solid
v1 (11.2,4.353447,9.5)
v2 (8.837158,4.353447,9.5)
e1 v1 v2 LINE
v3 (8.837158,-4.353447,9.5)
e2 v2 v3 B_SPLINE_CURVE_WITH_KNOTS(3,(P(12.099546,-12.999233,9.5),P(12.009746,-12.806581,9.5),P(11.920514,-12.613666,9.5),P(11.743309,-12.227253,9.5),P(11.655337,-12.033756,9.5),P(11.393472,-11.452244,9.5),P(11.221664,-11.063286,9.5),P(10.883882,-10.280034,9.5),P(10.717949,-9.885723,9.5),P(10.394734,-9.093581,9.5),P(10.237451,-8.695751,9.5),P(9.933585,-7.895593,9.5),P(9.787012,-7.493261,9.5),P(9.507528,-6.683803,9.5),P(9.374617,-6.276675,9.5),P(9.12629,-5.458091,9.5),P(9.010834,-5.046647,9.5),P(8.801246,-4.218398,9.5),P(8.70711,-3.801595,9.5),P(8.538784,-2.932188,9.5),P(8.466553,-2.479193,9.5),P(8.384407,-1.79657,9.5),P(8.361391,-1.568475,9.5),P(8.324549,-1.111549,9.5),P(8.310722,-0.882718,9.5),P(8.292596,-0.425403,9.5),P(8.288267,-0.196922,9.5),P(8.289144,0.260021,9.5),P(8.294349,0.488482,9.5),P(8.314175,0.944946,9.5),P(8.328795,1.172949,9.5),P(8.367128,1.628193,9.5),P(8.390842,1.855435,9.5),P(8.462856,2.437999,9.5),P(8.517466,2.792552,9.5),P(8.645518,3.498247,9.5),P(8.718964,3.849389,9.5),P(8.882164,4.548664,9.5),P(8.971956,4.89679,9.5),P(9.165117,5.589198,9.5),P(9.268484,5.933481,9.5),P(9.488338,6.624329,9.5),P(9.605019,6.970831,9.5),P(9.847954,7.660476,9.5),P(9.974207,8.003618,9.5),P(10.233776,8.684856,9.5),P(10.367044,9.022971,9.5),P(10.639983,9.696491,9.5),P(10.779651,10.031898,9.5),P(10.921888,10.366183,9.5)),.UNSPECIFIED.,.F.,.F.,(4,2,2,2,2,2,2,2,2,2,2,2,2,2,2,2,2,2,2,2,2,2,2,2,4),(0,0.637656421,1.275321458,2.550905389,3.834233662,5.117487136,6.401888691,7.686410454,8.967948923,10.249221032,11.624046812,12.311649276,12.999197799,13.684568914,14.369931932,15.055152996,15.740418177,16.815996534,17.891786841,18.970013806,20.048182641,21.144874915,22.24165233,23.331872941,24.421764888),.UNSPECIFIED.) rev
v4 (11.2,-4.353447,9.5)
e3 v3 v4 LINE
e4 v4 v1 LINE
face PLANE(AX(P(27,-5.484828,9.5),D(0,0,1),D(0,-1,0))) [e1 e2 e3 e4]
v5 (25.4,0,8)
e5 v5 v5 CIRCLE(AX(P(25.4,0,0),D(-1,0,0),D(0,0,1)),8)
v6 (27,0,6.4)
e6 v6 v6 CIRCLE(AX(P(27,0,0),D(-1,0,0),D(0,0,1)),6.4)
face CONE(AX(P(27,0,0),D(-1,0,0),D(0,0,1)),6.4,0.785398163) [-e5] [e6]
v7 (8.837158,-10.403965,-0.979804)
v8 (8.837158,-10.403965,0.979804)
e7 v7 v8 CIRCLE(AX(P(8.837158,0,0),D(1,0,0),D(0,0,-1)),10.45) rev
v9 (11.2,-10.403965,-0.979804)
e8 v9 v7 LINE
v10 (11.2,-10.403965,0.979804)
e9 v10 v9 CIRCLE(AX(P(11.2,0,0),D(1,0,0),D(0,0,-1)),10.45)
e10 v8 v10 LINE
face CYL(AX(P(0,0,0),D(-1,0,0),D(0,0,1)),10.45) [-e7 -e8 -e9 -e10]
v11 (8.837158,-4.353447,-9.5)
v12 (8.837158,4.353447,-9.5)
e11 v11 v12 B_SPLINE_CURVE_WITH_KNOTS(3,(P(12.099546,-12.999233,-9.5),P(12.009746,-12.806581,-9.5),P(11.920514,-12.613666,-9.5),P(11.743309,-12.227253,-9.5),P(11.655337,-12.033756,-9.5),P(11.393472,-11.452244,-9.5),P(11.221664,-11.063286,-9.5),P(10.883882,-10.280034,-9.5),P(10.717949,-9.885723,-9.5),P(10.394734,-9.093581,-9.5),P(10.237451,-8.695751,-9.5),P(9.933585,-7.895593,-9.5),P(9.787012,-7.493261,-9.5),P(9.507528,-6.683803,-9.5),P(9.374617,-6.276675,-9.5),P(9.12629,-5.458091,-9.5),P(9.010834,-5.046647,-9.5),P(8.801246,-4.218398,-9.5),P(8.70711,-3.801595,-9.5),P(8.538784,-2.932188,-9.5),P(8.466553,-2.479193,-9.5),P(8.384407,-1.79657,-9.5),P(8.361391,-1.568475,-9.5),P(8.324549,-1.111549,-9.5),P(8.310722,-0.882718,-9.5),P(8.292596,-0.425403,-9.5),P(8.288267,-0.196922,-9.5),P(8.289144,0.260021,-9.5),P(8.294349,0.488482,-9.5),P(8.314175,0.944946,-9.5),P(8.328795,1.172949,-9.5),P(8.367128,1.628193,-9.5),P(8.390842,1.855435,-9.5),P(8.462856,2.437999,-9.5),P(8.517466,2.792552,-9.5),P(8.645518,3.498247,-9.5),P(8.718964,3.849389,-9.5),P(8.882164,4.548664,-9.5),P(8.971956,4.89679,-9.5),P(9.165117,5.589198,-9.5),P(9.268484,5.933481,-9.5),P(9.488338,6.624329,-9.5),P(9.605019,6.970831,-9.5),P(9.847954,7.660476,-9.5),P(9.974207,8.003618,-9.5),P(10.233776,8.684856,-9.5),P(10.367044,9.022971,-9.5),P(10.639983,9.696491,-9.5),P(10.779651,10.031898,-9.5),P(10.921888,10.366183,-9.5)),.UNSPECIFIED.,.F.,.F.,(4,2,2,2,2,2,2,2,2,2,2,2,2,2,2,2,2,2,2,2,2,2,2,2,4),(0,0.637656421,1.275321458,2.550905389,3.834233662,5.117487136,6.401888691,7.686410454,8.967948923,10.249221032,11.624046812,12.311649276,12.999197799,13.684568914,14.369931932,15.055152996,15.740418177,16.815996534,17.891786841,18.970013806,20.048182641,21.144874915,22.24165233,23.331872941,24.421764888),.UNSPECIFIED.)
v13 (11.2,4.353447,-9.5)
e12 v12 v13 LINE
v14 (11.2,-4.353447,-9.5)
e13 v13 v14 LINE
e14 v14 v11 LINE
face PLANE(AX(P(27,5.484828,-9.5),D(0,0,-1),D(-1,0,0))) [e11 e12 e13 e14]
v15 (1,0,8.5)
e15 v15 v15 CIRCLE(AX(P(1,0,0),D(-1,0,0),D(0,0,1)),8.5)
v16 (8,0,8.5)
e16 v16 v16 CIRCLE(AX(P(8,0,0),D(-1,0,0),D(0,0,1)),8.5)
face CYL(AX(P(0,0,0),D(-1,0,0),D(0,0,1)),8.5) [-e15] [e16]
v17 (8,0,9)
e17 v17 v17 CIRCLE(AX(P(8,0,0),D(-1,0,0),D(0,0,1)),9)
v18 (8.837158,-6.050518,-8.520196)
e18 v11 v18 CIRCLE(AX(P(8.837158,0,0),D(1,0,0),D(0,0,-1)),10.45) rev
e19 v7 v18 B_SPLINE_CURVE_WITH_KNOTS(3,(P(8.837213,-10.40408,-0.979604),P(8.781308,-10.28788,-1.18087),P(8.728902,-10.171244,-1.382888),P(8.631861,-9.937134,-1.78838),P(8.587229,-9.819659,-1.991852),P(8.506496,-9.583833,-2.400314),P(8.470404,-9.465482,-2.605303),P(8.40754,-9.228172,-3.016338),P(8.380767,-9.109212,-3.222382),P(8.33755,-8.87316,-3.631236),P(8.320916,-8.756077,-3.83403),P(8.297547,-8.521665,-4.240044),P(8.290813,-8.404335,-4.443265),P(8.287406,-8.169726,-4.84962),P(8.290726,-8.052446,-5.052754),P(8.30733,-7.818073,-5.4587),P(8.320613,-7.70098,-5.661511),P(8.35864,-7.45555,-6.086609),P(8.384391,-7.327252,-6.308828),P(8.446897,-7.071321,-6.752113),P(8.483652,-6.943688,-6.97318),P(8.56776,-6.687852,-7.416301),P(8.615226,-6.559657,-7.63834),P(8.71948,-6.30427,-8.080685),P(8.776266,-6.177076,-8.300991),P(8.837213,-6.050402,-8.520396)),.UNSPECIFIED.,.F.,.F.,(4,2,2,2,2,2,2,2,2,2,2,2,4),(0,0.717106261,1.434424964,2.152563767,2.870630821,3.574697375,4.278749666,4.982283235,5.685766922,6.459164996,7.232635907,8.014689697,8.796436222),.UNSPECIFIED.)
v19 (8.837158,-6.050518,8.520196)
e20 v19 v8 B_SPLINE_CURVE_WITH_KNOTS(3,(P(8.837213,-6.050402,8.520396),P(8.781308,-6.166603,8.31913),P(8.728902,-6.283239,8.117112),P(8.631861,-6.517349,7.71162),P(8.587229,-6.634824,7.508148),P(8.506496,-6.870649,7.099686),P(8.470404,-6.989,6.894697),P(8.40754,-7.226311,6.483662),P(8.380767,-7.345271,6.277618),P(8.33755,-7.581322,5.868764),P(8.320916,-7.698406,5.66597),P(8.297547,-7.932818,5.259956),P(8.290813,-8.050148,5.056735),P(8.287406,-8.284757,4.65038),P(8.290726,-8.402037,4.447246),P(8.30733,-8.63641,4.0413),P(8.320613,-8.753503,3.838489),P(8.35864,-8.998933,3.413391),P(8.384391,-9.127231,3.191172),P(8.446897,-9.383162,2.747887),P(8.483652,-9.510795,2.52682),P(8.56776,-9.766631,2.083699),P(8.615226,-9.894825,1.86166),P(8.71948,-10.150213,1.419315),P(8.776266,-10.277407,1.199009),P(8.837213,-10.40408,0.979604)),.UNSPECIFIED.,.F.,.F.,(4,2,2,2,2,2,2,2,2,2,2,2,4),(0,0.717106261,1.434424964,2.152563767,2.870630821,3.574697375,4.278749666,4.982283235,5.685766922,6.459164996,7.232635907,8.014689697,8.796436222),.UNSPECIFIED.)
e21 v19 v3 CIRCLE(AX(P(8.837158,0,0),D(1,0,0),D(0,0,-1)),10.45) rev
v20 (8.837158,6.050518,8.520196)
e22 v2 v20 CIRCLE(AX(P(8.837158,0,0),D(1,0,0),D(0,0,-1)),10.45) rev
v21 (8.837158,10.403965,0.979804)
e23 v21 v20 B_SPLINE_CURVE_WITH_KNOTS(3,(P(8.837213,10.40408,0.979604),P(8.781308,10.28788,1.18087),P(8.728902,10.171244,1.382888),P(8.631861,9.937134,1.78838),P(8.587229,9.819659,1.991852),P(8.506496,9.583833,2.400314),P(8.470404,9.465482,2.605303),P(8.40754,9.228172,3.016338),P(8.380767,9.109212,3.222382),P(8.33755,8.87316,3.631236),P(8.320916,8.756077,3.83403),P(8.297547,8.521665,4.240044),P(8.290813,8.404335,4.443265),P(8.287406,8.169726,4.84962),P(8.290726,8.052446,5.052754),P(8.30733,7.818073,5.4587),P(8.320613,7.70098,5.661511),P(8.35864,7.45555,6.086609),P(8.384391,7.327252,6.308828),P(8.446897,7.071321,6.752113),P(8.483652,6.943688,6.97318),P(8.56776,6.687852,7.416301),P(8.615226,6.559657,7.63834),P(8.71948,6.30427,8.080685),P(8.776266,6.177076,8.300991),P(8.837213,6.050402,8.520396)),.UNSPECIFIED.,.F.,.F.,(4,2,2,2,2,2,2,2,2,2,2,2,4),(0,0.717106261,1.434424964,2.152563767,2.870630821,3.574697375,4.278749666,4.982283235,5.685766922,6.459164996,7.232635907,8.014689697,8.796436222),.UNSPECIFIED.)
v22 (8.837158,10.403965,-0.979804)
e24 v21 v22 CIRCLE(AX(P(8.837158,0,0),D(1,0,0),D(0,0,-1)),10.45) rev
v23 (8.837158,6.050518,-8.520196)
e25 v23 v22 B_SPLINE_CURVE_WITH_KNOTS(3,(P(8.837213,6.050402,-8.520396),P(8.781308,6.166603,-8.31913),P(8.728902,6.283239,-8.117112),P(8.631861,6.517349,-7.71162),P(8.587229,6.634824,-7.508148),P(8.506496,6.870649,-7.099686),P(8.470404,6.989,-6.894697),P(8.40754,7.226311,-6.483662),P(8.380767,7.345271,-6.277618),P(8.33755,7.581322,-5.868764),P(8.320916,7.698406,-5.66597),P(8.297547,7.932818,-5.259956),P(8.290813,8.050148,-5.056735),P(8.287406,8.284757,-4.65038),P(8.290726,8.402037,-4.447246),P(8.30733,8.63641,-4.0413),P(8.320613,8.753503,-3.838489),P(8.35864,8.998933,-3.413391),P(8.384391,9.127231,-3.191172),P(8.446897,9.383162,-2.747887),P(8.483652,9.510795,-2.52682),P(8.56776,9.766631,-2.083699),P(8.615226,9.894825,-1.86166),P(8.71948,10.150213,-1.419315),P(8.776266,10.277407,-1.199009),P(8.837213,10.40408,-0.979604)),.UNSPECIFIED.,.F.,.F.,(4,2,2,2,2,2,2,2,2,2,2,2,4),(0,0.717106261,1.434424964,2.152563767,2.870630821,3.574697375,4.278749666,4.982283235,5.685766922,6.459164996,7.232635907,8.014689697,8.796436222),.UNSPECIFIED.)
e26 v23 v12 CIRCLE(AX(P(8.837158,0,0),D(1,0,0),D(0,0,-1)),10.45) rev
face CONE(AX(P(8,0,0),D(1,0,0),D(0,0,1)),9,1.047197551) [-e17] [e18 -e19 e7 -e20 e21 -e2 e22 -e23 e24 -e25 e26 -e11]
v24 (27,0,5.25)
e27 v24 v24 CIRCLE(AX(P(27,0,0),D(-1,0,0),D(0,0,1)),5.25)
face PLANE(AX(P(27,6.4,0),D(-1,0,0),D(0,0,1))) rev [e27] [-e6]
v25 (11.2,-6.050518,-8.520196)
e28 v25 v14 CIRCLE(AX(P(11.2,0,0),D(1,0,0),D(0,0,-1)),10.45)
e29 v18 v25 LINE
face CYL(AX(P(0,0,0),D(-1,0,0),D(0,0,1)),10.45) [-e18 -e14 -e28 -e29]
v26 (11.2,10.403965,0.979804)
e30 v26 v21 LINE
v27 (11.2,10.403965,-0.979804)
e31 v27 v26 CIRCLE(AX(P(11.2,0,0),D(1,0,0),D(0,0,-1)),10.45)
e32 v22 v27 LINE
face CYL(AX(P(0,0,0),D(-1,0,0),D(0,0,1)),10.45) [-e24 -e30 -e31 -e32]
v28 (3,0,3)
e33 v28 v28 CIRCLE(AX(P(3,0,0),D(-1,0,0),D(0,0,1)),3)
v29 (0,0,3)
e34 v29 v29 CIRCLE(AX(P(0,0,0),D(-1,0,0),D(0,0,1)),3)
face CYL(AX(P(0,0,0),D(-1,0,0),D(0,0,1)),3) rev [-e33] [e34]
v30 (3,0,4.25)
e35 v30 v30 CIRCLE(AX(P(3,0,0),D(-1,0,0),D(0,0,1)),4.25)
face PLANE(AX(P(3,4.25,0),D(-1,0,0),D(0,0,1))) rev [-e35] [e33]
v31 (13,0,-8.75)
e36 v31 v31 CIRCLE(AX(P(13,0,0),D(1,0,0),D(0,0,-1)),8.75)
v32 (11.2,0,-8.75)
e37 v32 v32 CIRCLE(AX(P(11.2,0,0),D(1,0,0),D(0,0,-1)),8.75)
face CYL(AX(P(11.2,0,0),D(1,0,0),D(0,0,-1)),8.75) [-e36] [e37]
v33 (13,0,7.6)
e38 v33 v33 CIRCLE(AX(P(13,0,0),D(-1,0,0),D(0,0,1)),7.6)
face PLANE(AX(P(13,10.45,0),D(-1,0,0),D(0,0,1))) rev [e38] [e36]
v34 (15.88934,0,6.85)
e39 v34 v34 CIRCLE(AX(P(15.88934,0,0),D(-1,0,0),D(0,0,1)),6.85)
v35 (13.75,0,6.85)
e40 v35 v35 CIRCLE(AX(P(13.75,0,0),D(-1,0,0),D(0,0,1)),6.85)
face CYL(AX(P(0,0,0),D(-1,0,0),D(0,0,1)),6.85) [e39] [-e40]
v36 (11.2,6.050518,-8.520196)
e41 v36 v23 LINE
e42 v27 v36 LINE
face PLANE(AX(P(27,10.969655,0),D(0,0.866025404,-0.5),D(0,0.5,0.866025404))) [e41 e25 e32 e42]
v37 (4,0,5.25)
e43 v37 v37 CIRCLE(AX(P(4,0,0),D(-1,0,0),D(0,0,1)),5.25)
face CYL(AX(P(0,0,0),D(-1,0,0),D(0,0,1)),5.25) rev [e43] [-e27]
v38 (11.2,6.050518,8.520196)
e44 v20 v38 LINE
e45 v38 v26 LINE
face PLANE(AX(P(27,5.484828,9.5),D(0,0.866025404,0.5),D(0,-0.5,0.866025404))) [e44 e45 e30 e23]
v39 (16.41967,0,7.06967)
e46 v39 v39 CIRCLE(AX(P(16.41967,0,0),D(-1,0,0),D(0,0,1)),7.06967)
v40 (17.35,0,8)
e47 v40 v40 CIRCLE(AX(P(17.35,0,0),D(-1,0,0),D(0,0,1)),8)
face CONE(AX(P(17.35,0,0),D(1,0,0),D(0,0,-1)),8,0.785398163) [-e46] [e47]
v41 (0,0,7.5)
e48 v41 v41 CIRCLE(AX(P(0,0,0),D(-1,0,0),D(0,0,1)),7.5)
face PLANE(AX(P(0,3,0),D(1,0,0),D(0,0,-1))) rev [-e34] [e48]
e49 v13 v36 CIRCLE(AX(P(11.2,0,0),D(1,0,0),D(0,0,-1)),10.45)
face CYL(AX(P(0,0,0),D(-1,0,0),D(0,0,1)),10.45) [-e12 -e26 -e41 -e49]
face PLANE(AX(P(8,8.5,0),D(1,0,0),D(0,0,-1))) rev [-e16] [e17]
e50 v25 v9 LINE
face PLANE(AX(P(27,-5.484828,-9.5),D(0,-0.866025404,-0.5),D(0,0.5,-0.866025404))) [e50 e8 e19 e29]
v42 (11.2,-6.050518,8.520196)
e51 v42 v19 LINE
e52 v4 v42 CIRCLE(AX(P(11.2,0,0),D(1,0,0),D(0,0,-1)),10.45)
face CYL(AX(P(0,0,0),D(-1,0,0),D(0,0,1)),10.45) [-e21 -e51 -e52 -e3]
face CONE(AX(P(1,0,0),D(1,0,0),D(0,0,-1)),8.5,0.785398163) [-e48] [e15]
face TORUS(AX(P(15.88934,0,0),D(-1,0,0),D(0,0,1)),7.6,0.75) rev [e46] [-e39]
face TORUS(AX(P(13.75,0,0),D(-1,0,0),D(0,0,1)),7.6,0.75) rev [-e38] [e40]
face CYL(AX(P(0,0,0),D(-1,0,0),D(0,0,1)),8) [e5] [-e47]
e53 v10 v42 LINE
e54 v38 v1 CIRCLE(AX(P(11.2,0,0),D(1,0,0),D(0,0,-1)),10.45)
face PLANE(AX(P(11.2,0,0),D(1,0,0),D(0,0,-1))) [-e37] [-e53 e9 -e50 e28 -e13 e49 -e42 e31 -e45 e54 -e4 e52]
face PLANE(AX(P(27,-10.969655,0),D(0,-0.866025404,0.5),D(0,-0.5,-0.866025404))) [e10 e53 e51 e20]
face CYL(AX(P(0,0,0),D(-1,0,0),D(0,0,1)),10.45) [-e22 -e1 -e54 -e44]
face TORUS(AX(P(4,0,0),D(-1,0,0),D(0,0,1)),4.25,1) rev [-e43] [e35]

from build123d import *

# Parameters (mm, degrees)
SKETCH_2_OUTSIDE_W  = 30.906
SKETCH_2_OUTSIDE_H  = 30.906
CUT_EXTRUDE_1_DEPTH = 25.070832973
SKETCH_3_OUTSIDE_W  = 114.288
SKETCH_3_OUTSIDE_H  = 116.188
SKETCH_3_OUTSIDE_R  = 9
CUT_EXTRUDE_2_DEPTH = 24.673878009
CUT_EXTRUDE_2_DRAFT = -60
SKETCH_4_OUTSIDE_W  = 28.814
SKETCH_4_OUTSIDE_H  = 30.714
SKETCH_4_OUTSIDE_R  = 8.75
CUT_EXTRUDE_3_DEPTH = 1.8


with BuildPart() as part:
    # Эскиз1 → Повернуть1 (revolve)
    with BuildSketch(Plane.XY, mode=Mode.PRIVATE) as revolve_1_sk:
        with BuildLine():
            Line((0, 3), (0, 7.5))
            Line((0, 7.5), (1, 8.5))
            Line((1, 8.5), (8, 8.5))
            Line((8, 8.5), (8, 10.45))
            Line((8, 10.45), (13, 10.45))
            Line((13, 10.45), (13, 7.6))
            ThreePointArc((13, 7.6), (13.219669914, 7.069669914), (13.75, 6.85))
            Line((13.75, 6.85), (15.889339828, 6.85))
            ThreePointArc((15.889339828, 6.85), (16.176352402, 6.907090351), (16.419669914, 7.069669914))
            Line((16.419669914, 7.069669914), (17.35, 8))
            Line((17.35, 8), (25.4, 8))
            Line((25.4, 8), (27, 6.4))
            Line((27, 6.4), (27, 5.25))
            Line((27, 5.25), (4, 5.25))
            ThreePointArc((4, 5.25), (3.292893219, 4.957106781), (3, 4.25))
            Line((3, 4.25), (3, 3))
            Line((3, 3), (0, 3))
        make_face()
    revolve(revolve_1_sk.sketch.rotate(Axis((0, 0, 0), (1, 0, 0)), 90), axis=Axis((0, 0, 0), (1, 0, 0)))

    # Эскиз2 outside → Вырез-Вытянуть1 (cut, through all)
    with BuildSketch(Plane.ZY.offset(-8)):
        Rectangle(SKETCH_2_OUTSIDE_W, SKETCH_2_OUTSIDE_H)
        Polygon((0, 10.969655115), (-9.5, 5.484827557), (-9.5, -5.484827557), (0, -10.969655115), (9.5, -5.484827557), (9.5, 5.484827557), align=None, mode=Mode.SUBTRACT)
    extrude(amount=-CUT_EXTRUDE_1_DEPTH, mode=Mode.SUBTRACT)


with BuildPart() as cut_extrude_2_tool:
    # Эскиз3 outside → Вырез-Вытянуть2 (with draft: the straight prism first)
    with BuildSketch(Plane.ZY.offset(-8)):
        Rectangle(SKETCH_3_OUTSIDE_W, SKETCH_3_OUTSIDE_H)
        Circle(SKETCH_3_OUTSIDE_R, mode=Mode.SUBTRACT)
    extrude(amount=-CUT_EXTRUDE_2_DEPTH)
    # Вырез-Вытянуть2: the draft: its side faces are tilted about the plane it starts from
    cut_extrude_2_sides = [cut_extrude_2_tool.faces().sort_by_distance(p)[0] for p in [
        (20.336939005, -58.094, 0),
        (20.336939005, 0, 57.144),
        (20.336939005, 58.094, 0),
        (20.336939005, 0, -57.144),
        (20.336939005, 0, -9),
    ]]
    draft(cut_extrude_2_sides, Plane.ZY.offset(-8), CUT_EXTRUDE_2_DRAFT)


with BuildPart() as part_1:
    add(part.part)

    # Вырез-Вытянуть2: cut by cut_extrude_2_tool
    add(cut_extrude_2_tool.part, mode=Mode.SUBTRACT)

    # Эскиз4 outside → Вырез-Вытянуть3 (cut)
    with BuildSketch(Plane(origin=(13, 0, 0), x_dir=(0, 0, -1), z_dir=(1, 0, 0))):
        Rectangle(SKETCH_4_OUTSIDE_W, SKETCH_4_OUTSIDE_H)
        Circle(SKETCH_4_OUTSIDE_R, mode=Mode.SUBTRACT)
    extrude(amount=-CUT_EXTRUDE_3_DEPTH, mode=Mode.SUBTRACT)


solid = part_1.part
